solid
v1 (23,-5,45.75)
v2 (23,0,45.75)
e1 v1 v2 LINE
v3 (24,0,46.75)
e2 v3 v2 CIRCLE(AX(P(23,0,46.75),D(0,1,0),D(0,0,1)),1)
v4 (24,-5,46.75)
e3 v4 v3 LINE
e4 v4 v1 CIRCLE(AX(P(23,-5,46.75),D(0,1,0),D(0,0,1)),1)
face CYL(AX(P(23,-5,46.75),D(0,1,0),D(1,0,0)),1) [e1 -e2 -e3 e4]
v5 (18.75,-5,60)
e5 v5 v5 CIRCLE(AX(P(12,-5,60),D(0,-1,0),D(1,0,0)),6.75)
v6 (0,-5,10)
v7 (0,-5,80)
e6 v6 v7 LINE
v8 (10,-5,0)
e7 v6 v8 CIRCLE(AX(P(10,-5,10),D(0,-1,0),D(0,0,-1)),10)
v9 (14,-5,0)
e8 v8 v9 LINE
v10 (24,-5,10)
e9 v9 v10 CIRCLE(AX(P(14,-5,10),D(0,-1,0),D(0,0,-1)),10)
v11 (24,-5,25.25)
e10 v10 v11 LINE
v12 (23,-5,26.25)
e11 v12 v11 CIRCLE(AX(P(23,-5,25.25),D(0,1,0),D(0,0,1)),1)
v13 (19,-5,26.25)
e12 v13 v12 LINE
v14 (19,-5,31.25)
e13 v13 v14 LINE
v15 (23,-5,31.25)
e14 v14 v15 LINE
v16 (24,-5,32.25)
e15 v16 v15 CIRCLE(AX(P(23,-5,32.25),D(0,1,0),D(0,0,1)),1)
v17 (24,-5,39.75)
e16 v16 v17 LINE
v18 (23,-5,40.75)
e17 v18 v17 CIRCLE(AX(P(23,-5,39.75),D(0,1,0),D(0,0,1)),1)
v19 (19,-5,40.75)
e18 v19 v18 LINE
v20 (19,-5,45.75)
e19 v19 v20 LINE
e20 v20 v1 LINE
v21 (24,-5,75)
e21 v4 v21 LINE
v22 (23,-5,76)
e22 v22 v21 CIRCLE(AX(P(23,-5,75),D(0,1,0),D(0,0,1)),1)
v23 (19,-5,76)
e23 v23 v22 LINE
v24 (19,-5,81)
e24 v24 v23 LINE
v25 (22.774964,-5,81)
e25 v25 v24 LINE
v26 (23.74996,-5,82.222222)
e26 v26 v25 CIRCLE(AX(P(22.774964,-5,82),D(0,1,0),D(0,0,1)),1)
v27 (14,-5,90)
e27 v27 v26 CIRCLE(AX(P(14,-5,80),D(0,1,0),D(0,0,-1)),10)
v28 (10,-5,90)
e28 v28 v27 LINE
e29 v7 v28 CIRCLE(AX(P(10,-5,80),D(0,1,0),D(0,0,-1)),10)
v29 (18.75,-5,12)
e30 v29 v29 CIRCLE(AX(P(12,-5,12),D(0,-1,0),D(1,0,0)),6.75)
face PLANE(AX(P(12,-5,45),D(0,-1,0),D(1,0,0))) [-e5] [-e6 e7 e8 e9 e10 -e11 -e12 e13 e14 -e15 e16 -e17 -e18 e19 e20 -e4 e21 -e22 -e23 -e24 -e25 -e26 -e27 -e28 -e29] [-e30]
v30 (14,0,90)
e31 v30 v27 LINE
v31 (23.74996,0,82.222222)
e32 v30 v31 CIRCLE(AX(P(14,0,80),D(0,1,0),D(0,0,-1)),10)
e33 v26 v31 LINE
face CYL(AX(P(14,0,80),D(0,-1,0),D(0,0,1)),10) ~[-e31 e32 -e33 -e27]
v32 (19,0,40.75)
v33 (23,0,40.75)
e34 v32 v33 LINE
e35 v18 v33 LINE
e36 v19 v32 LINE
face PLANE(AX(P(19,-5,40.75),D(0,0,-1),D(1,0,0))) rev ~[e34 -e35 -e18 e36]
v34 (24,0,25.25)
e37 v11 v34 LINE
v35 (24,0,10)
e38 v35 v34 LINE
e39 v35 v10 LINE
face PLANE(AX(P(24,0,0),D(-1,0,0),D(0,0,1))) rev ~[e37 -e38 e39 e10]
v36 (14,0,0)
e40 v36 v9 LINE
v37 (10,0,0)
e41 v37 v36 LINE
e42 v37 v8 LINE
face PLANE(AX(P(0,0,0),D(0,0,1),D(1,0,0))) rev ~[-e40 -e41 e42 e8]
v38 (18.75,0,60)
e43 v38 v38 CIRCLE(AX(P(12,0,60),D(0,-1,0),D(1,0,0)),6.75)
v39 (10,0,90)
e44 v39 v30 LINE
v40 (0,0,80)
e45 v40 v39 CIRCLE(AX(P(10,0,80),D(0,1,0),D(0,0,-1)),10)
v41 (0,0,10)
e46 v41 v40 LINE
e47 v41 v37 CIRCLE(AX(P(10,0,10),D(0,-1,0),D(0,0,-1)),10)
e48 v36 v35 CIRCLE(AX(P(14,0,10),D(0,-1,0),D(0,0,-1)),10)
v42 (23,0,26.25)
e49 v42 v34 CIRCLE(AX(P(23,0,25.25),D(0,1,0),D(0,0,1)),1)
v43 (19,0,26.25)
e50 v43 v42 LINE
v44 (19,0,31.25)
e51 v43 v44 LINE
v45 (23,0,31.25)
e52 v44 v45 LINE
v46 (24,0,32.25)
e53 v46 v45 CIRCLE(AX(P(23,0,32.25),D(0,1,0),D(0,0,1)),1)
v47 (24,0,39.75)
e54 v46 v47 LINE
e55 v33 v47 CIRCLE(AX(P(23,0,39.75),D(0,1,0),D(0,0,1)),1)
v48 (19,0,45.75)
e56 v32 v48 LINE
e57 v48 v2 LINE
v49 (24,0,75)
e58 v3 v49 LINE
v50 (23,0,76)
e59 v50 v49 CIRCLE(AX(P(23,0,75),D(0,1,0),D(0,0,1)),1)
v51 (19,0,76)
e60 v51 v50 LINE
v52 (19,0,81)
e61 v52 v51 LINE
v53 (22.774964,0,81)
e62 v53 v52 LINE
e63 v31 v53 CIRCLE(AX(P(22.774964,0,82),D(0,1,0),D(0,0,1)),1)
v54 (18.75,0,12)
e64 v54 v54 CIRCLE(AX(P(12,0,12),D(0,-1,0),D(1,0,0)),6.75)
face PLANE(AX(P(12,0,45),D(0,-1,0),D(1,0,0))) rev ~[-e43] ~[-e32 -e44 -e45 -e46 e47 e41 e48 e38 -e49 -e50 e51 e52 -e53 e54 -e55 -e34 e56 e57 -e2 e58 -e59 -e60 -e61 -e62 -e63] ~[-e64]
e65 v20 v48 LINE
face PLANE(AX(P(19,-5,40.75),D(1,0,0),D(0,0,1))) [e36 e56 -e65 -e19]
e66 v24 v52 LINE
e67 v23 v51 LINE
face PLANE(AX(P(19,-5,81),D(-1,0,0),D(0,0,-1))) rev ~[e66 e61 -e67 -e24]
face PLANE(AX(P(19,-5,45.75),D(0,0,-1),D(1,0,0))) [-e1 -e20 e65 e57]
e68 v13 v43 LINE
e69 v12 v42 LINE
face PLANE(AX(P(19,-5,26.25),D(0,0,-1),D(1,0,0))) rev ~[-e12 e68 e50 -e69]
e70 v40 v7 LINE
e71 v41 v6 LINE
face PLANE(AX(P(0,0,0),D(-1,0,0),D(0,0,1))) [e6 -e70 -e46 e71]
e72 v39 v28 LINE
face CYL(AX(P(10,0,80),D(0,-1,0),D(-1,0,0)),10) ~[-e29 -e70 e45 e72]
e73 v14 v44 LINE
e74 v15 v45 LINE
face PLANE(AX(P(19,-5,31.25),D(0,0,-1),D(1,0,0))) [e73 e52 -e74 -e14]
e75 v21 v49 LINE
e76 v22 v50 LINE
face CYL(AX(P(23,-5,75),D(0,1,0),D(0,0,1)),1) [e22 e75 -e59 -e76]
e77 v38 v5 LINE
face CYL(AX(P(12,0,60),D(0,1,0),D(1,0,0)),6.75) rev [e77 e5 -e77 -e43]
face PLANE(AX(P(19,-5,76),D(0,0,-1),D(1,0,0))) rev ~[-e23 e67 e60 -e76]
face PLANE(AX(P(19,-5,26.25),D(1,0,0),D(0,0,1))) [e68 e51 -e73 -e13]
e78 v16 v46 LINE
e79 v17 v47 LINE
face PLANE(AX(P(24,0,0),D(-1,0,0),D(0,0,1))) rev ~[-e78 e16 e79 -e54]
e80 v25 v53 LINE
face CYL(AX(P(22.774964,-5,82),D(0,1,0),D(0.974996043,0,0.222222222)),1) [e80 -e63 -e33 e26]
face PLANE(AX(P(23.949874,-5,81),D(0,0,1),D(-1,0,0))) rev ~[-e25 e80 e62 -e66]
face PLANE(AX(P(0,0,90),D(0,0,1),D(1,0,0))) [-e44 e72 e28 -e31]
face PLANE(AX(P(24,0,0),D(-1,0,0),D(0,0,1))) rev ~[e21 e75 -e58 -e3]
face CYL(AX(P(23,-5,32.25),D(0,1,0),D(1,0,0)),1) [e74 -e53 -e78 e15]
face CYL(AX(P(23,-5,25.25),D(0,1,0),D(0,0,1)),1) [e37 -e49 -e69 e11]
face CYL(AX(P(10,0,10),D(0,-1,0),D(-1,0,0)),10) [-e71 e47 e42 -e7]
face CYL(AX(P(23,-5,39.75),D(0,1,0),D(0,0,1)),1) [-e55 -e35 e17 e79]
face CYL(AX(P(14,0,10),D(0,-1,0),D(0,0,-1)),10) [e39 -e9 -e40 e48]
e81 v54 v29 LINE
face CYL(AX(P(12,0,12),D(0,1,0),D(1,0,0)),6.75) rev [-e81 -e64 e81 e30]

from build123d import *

# Parameters (mm, degrees)
F2_W     = 24
F2_H     = 90
F2_R     = 6.75
F3_DEPTH = 5
F4_R     = 10
F5_W     = 5
F5_H     = 5
F6_DEPTH = 25
F7_R     = 1


with BuildPart() as f3:
    # F2 (on Front) → F3 (new body)
    with BuildSketch(Plane.XZ):
        with Locations((12, 45)):
            Rectangle(F2_W, F2_H)
        with Locations((12, 12)):
            Circle(F2_R, mode=Mode.SUBTRACT)
        with Locations((12, 60)):
            Circle(F2_R, mode=Mode.SUBTRACT)
    extrude(amount=F3_DEPTH)

    # F4
    f4_edges = [f3.edges().sort_by_distance(p)[0] for p in [
        (0, -2.5, 90),
        (0, -2.5, 0),
        (24, -2.5, 90),
        (24, -2.5, 0),
    ]]
    fillet(f4_edges, radius=F4_R)

    # F5 (on face) → F6 (cut)
    with BuildSketch(Plane.XZ.offset(5)):
        with BuildLine():
            Line((19, 81), (19, 76))
            Line((19, 76), (24, 76))
            Line((24, 76), (24, 80))
            ThreePointArc((24, 80), (23.9874607311, 80.5006277506), (23.9498743711, 81))
            Line((23.9498743711, 81), (19, 81))
        make_face()
        with Locations((21.5, 43.25)):
            Rectangle(F5_W, F5_H)
        with Locations((21.5, 28.75)):
            Rectangle(F5_W, F5_H)
    extrude(amount=-F6_DEPTH, mode=Mode.SUBTRACT)

    # F7
    f7_edges = [f3.edges().sort_by_distance(p)[0] for p in [
        (24, -2.5, 26.25),
        (24, -2.5, 31.25),
        (24, -2.5, 40.75),
        (24, -2.5, 45.75),
        (24, -2.5, 76),
        (23.949874, -2.5, 81),
    ]]
    fillet(f7_edges, radius=F7_R)


solid = f3.part
